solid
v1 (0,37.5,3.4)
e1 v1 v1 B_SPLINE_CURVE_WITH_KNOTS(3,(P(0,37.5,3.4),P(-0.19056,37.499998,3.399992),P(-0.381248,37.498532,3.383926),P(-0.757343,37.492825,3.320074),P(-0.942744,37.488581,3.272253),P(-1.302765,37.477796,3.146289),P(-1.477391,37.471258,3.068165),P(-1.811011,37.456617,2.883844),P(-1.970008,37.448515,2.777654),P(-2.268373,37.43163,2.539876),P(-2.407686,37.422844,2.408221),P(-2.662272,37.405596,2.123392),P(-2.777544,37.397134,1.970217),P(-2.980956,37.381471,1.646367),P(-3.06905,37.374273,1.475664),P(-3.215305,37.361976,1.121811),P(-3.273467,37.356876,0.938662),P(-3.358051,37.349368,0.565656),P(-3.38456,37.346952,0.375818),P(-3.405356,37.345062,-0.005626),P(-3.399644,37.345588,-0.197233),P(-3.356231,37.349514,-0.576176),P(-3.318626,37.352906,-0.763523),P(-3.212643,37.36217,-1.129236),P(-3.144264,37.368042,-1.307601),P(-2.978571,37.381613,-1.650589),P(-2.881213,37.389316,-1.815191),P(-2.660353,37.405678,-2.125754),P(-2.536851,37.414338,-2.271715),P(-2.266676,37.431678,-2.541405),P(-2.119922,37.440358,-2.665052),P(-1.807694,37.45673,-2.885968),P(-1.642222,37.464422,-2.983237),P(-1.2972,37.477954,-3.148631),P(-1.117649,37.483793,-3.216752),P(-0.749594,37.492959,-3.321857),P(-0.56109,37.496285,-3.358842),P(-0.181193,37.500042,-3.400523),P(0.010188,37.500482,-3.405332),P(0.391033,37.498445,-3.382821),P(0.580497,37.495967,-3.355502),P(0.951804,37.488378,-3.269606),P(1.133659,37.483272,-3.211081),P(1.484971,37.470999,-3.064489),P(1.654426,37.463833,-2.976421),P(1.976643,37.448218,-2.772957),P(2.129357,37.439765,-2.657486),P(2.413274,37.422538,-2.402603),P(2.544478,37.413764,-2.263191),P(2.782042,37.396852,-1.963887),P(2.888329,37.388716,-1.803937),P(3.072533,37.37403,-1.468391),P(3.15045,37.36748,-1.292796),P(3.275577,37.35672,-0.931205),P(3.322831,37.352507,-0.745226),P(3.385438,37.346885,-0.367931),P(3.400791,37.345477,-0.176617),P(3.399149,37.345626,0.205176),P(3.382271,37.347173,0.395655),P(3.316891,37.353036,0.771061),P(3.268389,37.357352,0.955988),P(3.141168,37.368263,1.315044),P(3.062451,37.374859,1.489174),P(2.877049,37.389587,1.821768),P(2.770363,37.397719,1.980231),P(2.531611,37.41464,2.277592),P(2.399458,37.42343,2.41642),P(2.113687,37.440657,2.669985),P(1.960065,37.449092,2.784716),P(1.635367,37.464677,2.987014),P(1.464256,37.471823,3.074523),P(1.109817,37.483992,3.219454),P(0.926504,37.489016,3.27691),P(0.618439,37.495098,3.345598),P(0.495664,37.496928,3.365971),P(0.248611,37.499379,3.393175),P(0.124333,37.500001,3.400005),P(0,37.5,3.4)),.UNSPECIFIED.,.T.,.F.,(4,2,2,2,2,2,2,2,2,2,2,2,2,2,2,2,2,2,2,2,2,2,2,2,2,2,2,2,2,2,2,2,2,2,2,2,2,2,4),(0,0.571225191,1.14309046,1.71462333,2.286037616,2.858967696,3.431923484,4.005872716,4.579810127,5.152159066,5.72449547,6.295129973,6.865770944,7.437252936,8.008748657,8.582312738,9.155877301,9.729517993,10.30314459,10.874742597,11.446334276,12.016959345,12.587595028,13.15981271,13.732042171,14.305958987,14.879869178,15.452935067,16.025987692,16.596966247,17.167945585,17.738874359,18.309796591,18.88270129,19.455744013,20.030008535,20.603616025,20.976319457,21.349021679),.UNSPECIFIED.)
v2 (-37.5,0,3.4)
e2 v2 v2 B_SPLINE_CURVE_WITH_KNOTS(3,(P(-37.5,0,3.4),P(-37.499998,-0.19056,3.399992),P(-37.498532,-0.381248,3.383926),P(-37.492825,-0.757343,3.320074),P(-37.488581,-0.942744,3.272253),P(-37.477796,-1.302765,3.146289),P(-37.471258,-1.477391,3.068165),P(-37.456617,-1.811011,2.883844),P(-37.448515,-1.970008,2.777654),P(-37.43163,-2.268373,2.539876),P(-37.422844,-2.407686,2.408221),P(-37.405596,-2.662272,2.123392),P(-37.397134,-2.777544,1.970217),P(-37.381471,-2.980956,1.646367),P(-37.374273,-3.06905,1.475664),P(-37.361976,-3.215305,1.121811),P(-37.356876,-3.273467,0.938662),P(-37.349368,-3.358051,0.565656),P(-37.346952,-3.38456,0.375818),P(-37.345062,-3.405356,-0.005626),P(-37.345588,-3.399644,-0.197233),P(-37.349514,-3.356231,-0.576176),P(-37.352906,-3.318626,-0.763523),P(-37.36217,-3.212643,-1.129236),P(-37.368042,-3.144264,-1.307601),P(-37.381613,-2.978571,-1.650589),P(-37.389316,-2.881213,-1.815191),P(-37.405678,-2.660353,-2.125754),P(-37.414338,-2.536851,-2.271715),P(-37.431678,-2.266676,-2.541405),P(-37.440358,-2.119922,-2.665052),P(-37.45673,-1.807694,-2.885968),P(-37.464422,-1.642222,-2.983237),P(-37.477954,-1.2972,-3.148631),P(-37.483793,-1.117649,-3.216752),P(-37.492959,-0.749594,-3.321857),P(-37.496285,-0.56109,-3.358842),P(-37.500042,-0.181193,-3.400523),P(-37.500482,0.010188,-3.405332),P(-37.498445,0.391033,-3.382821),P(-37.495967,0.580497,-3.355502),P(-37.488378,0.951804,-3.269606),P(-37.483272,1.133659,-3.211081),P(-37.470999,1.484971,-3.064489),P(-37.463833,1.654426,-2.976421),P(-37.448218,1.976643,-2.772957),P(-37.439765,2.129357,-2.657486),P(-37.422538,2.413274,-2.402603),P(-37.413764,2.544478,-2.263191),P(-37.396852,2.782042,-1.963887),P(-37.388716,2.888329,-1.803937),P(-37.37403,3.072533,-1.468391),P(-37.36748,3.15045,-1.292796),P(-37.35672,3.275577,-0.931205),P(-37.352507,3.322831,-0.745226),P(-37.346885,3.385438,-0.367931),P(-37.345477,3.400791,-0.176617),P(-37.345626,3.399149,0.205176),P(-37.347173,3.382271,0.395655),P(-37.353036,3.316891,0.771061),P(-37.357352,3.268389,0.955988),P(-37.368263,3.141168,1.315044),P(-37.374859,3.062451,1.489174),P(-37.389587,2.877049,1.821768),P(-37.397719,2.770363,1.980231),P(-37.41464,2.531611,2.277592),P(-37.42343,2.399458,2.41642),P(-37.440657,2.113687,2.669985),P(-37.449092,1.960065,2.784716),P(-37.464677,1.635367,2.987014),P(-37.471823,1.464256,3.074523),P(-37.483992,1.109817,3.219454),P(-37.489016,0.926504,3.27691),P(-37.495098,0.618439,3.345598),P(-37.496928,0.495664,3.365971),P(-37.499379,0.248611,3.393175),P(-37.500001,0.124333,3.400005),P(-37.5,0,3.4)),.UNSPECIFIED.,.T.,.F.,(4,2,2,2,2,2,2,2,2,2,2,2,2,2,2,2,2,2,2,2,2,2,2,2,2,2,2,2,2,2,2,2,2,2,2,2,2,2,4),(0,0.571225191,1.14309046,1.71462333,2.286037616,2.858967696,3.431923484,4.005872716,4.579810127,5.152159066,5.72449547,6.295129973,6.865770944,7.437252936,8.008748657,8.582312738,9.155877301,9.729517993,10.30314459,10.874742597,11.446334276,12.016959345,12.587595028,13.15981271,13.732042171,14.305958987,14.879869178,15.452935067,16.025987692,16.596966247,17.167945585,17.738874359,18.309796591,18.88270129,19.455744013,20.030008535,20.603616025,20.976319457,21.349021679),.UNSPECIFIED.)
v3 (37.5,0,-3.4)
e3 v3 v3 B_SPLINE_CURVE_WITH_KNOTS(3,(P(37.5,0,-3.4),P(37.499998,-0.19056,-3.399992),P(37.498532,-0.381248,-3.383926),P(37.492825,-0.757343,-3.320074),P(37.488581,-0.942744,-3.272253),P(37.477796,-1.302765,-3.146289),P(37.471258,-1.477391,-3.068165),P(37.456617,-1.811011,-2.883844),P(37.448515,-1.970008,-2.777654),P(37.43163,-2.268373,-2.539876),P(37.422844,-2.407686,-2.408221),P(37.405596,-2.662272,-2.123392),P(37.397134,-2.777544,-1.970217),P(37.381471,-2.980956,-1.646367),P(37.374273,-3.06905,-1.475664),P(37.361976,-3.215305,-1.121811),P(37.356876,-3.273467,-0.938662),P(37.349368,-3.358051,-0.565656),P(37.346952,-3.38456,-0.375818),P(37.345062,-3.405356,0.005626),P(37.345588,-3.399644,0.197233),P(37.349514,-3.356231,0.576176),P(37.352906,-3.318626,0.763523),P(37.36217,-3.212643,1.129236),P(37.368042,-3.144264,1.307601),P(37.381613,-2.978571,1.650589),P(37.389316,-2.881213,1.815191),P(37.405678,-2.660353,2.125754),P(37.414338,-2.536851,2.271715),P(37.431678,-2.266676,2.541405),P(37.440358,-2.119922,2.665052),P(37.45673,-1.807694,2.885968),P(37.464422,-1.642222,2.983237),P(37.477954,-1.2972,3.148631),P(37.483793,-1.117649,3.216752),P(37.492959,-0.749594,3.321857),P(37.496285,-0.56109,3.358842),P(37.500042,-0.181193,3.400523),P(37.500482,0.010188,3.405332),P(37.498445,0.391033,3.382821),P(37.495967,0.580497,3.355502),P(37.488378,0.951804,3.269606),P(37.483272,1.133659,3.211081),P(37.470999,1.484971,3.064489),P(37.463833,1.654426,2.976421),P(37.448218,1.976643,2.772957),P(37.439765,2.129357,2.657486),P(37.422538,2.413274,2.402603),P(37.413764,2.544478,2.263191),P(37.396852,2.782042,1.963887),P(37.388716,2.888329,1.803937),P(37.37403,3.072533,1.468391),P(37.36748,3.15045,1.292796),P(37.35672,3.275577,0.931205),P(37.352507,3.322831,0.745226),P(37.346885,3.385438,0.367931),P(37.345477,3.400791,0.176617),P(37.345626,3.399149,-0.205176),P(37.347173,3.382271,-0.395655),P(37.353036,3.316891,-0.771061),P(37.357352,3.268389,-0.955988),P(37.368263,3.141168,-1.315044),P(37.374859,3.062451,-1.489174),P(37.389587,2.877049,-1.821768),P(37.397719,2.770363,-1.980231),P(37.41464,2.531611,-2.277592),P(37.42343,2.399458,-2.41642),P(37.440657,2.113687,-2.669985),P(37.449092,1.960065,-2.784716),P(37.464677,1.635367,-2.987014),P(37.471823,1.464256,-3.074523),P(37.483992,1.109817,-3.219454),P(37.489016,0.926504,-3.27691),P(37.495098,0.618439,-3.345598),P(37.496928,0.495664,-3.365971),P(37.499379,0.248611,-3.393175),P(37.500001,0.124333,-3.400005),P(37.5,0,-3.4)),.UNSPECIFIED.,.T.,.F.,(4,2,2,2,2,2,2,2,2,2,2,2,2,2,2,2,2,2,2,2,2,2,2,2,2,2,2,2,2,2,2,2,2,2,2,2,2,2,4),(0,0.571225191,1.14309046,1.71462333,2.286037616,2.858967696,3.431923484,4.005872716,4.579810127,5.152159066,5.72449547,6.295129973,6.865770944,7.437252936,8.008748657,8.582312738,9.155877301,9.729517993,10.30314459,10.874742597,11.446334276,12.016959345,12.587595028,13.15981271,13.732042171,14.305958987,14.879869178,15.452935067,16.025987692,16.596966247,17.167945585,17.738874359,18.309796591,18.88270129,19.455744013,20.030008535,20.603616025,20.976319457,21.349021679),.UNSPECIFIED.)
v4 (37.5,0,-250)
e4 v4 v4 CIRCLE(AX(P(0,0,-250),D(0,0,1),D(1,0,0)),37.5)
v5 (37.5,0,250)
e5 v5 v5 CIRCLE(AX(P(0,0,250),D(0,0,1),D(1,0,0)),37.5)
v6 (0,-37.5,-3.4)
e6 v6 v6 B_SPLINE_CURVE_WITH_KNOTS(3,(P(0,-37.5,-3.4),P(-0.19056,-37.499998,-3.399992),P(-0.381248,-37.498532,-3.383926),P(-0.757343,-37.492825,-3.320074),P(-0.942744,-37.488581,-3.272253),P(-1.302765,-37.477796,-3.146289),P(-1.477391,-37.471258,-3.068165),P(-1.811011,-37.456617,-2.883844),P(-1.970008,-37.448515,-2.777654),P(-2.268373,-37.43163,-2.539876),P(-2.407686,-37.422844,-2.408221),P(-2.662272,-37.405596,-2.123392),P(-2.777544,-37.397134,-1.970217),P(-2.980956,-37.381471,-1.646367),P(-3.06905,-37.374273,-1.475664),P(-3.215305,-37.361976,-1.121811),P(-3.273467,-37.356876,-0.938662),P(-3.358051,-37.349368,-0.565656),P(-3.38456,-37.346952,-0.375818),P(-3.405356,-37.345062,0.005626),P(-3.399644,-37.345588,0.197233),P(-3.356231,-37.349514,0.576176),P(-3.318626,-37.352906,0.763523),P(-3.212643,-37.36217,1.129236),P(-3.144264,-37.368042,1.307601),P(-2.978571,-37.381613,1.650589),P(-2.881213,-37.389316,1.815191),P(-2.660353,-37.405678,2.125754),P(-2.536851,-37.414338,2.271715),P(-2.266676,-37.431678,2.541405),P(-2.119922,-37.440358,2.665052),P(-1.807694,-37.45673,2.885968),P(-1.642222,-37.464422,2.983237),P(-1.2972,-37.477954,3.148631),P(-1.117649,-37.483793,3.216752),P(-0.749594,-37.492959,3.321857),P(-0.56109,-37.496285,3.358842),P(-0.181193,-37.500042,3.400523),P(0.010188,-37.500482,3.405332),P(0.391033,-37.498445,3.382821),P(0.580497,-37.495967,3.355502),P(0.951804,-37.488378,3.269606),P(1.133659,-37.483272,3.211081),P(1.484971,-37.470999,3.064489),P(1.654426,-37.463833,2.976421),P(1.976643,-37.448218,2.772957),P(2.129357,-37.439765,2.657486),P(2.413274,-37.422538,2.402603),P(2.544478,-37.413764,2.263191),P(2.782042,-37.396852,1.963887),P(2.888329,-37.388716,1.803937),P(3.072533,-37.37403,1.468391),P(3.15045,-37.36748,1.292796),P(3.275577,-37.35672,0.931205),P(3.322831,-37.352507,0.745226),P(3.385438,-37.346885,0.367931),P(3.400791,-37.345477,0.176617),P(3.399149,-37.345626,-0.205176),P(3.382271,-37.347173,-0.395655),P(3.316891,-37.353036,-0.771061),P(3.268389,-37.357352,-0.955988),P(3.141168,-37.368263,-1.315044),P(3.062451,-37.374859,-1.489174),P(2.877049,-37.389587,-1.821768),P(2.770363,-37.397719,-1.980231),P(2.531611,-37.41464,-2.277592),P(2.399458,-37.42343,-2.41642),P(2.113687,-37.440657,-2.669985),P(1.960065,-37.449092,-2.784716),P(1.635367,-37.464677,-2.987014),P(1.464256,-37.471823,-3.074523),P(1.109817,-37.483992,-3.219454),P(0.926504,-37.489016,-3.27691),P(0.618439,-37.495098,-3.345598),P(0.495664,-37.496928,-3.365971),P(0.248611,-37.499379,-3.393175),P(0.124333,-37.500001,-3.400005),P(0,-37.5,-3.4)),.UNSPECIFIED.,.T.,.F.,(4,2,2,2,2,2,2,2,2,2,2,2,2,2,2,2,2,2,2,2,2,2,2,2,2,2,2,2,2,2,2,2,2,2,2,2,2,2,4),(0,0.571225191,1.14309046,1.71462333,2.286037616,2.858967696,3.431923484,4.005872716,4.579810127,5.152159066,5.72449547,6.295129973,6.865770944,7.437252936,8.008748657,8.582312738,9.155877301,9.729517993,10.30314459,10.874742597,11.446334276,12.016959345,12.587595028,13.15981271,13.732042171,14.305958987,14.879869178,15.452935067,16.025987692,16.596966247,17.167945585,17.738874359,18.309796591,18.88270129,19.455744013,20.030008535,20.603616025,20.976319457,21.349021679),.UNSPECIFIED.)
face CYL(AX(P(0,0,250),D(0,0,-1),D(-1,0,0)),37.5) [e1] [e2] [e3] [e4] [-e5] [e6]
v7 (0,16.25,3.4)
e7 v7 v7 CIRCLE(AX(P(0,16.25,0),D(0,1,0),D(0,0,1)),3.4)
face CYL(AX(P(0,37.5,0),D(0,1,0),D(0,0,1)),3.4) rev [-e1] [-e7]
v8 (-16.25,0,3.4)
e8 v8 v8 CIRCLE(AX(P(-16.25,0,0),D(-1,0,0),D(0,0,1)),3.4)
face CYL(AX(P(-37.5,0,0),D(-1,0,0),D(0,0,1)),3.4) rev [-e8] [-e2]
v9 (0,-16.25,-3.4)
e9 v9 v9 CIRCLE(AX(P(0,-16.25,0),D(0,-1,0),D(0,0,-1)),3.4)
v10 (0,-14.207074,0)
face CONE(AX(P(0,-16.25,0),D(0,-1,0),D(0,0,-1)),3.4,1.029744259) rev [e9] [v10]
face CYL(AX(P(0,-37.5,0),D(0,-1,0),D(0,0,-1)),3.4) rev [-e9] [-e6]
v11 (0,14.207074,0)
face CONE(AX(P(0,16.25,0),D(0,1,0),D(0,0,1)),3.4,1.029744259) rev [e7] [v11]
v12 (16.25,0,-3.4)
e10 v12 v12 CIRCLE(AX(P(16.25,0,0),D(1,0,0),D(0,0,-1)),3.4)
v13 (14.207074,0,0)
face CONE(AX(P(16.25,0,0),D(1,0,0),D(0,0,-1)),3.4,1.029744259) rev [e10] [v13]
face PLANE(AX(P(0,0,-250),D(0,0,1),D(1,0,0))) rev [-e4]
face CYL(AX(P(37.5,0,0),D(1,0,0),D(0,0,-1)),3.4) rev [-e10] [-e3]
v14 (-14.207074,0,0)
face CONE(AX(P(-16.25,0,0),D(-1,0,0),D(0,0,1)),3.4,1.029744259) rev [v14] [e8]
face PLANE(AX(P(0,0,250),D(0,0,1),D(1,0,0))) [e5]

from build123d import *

# Parameters (mm, degrees)
SKETCH1_R                  = 37.5
BOSS_EXTRUDE1_DEPTH        = 250
M8X1_25_TAPPED_HOLE1_D     = 6.8
M8X1_25_TAPPED_HOLE1_DEPTH = 21.25
M8X1_25_TAPPED_HOLE1_TIP   = 2.042926105
M8X1_25_TAPPED_HOLE2_D     = 6.8
M8X1_25_TAPPED_HOLE2_DEPTH = 21.25
M8X1_25_TAPPED_HOLE2_TIP   = 2.042926105
M8X1_25_TAPPED_HOLE3_D     = 6.8
M8X1_25_TAPPED_HOLE3_DEPTH = 21.25
M8X1_25_TAPPED_HOLE3_TIP   = 2.042926105
M8X1_25_TAPPED_HOLE4_D     = 6.8
M8X1_25_TAPPED_HOLE4_DEPTH = 21.25
M8X1_25_TAPPED_HOLE4_TIP   = 2.042926105


with BuildPart() as part:
    # Sketch1 → Boss-Extrude1 (new body, symmetric)
    with BuildSketch(Plane.XY):
        Circle(SKETCH1_R)
    extrude(amount=BOSS_EXTRUDE1_DEPTH, both=True)

    # M8x1.25 Tapped Hole1
    with Locations(Plane(origin=(0, -37.5, 0), x_dir=(-1, 0, 0), z_dir=(0, -1, 0))):
        with Locations((0, 0)):
            Hole(M8X1_25_TAPPED_HOLE1_D / 2, depth=M8X1_25_TAPPED_HOLE1_DEPTH)
            with Locations((0, 0, -(M8X1_25_TAPPED_HOLE1_DEPTH + M8X1_25_TAPPED_HOLE1_TIP / 2))):  # 118° drill point
                Cone(0, M8X1_25_TAPPED_HOLE1_D / 2, M8X1_25_TAPPED_HOLE1_TIP, mode=Mode.SUBTRACT)

    # M8x1.25 Tapped Hole2
    with Locations(Plane(origin=(0, 37.5, 0), x_dir=(1, 0, 0), z_dir=(0, 1, 0))):
        with Locations((0, 0)):
            Hole(M8X1_25_TAPPED_HOLE2_D / 2, depth=M8X1_25_TAPPED_HOLE2_DEPTH)
            with Locations((0, 0, -(M8X1_25_TAPPED_HOLE2_DEPTH + M8X1_25_TAPPED_HOLE2_TIP / 2))):  # 118° drill point
                Cone(0, M8X1_25_TAPPED_HOLE2_D / 2, M8X1_25_TAPPED_HOLE2_TIP, mode=Mode.SUBTRACT)

    # M8x1.25 Tapped Hole3
    with Locations(Plane(origin=(37.5, 0, 0), x_dir=(0, 0, -1), z_dir=(1, 0, 0))):
        with Locations((0, 0)):
            Hole(M8X1_25_TAPPED_HOLE3_D / 2, depth=M8X1_25_TAPPED_HOLE3_DEPTH)
            with Locations((0, 0, -(M8X1_25_TAPPED_HOLE3_DEPTH + M8X1_25_TAPPED_HOLE3_TIP / 2))):  # 118° drill point
                Cone(0, M8X1_25_TAPPED_HOLE3_D / 2, M8X1_25_TAPPED_HOLE3_TIP, mode=Mode.SUBTRACT)

    # M8x1.25 Tapped Hole4
    with Locations(Plane.ZY.offset(37.5)):
        with Locations((0, 0)):
            Hole(M8X1_25_TAPPED_HOLE4_D / 2, depth=M8X1_25_TAPPED_HOLE4_DEPTH)
            with Locations((0, 0, -(M8X1_25_TAPPED_HOLE4_DEPTH + M8X1_25_TAPPED_HOLE4_TIP / 2))):  # 118° drill point
                Cone(0, M8X1_25_TAPPED_HOLE4_D / 2, M8X1_25_TAPPED_HOLE4_TIP, mode=Mode.SUBTRACT)


solid = part.part
